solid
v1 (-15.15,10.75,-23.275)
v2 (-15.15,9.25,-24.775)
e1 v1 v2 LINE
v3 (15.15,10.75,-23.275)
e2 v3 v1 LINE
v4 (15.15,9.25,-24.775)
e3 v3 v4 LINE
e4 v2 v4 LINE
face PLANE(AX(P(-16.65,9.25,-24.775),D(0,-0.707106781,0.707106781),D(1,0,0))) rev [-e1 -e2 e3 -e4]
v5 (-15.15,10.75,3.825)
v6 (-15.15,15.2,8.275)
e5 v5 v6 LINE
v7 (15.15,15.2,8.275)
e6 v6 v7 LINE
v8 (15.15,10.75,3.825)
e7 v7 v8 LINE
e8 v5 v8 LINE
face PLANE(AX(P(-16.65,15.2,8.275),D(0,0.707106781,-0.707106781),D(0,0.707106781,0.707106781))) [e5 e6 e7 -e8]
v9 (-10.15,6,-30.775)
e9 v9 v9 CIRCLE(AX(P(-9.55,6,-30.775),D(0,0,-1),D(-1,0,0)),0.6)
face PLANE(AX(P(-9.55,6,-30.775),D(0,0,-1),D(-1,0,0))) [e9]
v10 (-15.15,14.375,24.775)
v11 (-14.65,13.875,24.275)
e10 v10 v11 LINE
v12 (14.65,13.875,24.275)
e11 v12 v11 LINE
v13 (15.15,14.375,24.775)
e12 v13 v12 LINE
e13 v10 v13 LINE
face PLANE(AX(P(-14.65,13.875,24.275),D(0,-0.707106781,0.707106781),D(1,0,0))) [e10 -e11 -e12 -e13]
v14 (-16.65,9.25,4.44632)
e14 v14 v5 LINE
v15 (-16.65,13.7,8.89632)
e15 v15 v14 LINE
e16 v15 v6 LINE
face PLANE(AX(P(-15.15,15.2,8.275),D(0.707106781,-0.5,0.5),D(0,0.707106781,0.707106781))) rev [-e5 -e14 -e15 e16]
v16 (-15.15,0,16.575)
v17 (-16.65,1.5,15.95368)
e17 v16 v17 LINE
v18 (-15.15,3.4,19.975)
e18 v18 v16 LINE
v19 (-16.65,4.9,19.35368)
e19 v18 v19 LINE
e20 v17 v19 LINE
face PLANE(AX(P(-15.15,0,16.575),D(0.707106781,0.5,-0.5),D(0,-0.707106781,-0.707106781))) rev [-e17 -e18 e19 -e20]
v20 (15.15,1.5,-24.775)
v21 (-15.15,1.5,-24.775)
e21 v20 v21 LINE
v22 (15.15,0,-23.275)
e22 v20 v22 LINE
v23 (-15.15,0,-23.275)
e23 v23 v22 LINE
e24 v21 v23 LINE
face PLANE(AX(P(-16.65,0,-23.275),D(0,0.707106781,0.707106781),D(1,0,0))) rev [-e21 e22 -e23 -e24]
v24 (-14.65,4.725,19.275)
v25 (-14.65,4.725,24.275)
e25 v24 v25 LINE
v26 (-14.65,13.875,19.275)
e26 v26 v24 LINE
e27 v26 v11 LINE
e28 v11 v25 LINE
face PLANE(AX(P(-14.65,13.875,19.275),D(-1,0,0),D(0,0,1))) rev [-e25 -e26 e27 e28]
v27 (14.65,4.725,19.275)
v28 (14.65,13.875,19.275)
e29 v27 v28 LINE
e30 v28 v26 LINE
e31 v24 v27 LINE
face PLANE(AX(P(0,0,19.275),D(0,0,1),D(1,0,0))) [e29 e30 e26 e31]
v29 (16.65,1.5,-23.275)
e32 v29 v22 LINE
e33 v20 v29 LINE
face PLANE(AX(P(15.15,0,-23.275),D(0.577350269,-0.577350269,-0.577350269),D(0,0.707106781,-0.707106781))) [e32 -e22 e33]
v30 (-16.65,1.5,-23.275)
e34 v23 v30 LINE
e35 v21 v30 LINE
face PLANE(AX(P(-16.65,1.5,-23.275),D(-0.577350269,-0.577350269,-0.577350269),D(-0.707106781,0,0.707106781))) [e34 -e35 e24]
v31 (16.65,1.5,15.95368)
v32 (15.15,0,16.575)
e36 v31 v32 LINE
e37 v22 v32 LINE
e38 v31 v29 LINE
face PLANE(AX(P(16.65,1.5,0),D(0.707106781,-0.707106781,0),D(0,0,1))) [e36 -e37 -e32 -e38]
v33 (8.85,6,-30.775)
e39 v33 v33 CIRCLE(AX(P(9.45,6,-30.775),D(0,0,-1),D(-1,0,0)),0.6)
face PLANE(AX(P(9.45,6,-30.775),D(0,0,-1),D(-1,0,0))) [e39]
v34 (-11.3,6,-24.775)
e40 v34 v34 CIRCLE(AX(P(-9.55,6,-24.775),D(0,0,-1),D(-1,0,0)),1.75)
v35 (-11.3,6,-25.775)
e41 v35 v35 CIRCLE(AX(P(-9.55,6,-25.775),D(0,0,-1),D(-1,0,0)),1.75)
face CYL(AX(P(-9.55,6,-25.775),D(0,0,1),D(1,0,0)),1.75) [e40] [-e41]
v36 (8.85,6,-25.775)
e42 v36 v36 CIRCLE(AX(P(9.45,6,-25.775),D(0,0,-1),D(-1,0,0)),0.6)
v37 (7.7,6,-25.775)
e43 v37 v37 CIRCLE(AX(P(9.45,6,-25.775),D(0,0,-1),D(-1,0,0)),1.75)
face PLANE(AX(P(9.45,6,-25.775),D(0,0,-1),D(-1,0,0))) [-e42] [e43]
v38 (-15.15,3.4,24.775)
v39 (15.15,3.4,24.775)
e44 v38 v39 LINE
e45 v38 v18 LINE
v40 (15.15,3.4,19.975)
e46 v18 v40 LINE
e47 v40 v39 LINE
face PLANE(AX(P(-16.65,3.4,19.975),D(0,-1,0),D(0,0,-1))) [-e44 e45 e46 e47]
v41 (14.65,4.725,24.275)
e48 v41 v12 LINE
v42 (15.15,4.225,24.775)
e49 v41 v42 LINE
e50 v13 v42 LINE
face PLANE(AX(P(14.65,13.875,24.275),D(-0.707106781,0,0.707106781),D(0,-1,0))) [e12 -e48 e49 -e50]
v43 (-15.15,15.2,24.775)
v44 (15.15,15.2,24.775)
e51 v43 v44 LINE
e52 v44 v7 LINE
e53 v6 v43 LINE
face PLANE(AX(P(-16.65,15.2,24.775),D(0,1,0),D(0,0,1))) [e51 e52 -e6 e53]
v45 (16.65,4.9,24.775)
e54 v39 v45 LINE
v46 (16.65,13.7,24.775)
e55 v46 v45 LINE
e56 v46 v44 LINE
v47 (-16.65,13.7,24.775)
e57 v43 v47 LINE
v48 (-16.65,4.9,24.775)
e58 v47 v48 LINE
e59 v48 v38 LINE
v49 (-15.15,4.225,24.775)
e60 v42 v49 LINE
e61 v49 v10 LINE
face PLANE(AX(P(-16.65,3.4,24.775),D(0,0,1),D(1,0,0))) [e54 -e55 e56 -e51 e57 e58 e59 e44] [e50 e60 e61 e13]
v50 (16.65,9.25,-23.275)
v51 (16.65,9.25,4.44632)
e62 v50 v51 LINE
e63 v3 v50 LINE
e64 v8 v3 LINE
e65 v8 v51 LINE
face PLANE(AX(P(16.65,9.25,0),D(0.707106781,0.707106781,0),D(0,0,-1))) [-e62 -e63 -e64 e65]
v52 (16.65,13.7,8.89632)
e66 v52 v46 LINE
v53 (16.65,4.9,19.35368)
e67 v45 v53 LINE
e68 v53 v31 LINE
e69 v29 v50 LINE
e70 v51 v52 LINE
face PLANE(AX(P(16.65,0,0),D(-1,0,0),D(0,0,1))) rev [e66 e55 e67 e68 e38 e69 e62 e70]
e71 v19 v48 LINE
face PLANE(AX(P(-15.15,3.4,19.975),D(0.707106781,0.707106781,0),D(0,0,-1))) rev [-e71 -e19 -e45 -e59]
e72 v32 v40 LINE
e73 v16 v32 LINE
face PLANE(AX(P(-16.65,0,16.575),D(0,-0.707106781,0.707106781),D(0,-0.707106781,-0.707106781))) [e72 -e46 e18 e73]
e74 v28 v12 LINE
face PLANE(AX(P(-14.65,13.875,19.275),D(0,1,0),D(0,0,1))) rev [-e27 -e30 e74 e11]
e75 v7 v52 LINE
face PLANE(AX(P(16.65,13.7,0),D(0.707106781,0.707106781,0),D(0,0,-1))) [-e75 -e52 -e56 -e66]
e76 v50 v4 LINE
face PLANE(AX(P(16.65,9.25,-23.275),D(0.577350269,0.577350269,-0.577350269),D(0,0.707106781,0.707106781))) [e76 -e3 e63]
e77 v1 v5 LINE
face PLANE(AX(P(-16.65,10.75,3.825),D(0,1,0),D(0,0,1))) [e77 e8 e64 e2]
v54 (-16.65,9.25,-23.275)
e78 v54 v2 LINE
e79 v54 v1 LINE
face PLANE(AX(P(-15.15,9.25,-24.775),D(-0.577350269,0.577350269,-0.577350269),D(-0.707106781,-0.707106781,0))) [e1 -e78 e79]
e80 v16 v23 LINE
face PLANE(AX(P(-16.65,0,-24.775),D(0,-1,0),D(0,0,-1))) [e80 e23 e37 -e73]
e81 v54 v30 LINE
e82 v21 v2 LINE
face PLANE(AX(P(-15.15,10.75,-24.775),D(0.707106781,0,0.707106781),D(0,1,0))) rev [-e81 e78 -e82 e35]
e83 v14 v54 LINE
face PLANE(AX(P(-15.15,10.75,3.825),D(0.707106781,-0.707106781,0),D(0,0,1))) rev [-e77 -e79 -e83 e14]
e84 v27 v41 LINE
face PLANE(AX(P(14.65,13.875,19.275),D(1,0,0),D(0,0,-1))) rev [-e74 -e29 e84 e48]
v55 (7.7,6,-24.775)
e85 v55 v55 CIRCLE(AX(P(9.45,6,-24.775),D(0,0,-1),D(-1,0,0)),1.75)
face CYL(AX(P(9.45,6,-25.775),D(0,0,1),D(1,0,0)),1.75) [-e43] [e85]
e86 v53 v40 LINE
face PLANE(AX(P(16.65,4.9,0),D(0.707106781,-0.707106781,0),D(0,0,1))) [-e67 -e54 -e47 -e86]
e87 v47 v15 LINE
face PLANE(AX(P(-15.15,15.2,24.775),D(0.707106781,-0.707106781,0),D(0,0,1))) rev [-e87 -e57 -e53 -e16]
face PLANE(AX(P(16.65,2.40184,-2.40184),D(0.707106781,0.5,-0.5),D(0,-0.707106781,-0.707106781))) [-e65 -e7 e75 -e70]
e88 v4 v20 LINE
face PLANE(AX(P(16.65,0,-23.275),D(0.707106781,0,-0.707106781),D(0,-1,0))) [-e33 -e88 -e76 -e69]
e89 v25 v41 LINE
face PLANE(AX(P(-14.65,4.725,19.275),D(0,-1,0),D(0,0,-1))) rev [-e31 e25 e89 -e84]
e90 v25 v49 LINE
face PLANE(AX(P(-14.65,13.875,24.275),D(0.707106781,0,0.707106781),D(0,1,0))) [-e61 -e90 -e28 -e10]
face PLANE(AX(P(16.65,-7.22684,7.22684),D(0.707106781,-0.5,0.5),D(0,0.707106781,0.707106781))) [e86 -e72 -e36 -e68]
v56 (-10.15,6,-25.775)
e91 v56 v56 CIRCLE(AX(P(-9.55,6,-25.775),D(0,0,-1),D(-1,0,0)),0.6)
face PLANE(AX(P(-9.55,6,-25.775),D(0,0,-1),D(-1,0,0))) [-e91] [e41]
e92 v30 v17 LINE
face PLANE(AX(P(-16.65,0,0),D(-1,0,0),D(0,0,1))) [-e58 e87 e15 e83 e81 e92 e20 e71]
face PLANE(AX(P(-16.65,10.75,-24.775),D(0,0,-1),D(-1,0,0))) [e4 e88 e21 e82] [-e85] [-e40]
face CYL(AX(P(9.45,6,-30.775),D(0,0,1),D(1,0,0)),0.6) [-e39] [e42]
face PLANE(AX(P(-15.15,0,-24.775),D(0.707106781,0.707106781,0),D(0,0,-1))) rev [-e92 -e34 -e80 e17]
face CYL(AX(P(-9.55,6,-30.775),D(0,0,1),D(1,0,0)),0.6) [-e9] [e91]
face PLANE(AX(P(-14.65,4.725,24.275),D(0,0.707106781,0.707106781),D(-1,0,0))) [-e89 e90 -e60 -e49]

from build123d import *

# Parameters (mm, degrees)
BOSS_EXTRUDE1_DEPTH      = 16.65
BOSS_EXTRUDE1_DEPTH_BACK = 16.65
CHAMFER1_SIZE            = 1.5
SKETCH2_R                = 1.75
BOSS_EXTRUDE2_DEPTH      = 1
SKETCH3_R                = 0.6
BOSS_EXTRUDE3_DEPTH      = 5
SKETCH4_W                = 29.3
SKETCH4_H                = 9.15
CUT_EXTRUDE1_DEPTH       = 5.5
CHAMFER2_SIZE            = 0.5


with BuildPart() as part:
    # Sketch1 → Boss-Extrude1 (new, two sides: drawn at the far end of the back side and taken through both)
    with BuildSketch(Plane(origin=(0, 0, 0), x_dir=(0, 0, -1), z_dir=(1, 0, 0)).offset(-BOSS_EXTRUDE1_DEPTH_BACK)):
        Polygon((-24.775, 15.2), (-8.275, 15.2), (-3.825, 10.75), (24.775, 10.75), (24.775, 0), (-16.575, 0), (-19.975, 3.4), (-24.775, 3.4), align=None)
    extrude(amount=BOSS_EXTRUDE1_DEPTH + BOSS_EXTRUDE1_DEPTH_BACK)

    # Chamfer1
    chamfer1_edges = [part.edges().sort_by_distance(p)[0] for p in [
        (-16.65, 1.7, 18.275),
        (-16.65, 0, -4.1),
        (0, 10.75, -24.775),
        (0, 0, -24.775),
        (-16.65, 5.375, -24.775),
        (-16.65, 10.75, -10.475),
        (-16.65, 12.975, 6.05),
        (16.65, 3.4, 22.375),
        (16.65, 1.7, 18.275),
        (16.65, 0, -4.1),
        (16.65, 5.375, -24.775),
        (16.65, 10.75, -10.475),
        (16.65, 12.975, 6.05),
        (16.65, 15.2, 16.525),
        (-16.65, 15.2, 16.525),
        (-16.65, 3.4, 22.375),
    ]]
    chamfer(chamfer1_edges, length=CHAMFER1_SIZE)

    # Sketch2 → Boss-Extrude2 (add)
    with BuildSketch(Plane(origin=(0, 0, -24.775), x_dir=(-1, 0, 0), z_dir=(0, 0, -1))):
        with Locations((-9.45, 6)):
            Circle(SKETCH2_R)
        with Locations((9.55, 6)):
            Circle(SKETCH2_R)
    extrude(amount=BOSS_EXTRUDE2_DEPTH)

    # Sketch3 → Boss-Extrude3 (add)
    with BuildSketch(Plane(origin=(0, 0, -25.775), x_dir=(-1, 0, 0), z_dir=(0, 0, -1))):
        with Locations((-9.45, 6)):
            Circle(SKETCH3_R)
        with Locations((9.55, 6)):
            Circle(SKETCH3_R)
    extrude(amount=BOSS_EXTRUDE3_DEPTH)

    # Sketch4 → Cut-Extrude1 (cut)
    with BuildSketch(Plane.XY.offset(24.775)):
        with Locations((0, 9.3)):
            Rectangle(SKETCH4_W, SKETCH4_H)
    extrude(amount=-CUT_EXTRUDE1_DEPTH, mode=Mode.SUBTRACT)

    # Chamfer2
    chamfer2_edges = [part.edges().sort_by_distance(p)[0] for p in [
        (-14.65, 9.3, 24.775),
        (0, 4.725, 24.775),
        (14.65, 9.3, 24.775),
        (0, 13.875, 24.775),
    ]]
    chamfer(chamfer2_edges, length=CHAMFER2_SIZE)


solid = part.part
